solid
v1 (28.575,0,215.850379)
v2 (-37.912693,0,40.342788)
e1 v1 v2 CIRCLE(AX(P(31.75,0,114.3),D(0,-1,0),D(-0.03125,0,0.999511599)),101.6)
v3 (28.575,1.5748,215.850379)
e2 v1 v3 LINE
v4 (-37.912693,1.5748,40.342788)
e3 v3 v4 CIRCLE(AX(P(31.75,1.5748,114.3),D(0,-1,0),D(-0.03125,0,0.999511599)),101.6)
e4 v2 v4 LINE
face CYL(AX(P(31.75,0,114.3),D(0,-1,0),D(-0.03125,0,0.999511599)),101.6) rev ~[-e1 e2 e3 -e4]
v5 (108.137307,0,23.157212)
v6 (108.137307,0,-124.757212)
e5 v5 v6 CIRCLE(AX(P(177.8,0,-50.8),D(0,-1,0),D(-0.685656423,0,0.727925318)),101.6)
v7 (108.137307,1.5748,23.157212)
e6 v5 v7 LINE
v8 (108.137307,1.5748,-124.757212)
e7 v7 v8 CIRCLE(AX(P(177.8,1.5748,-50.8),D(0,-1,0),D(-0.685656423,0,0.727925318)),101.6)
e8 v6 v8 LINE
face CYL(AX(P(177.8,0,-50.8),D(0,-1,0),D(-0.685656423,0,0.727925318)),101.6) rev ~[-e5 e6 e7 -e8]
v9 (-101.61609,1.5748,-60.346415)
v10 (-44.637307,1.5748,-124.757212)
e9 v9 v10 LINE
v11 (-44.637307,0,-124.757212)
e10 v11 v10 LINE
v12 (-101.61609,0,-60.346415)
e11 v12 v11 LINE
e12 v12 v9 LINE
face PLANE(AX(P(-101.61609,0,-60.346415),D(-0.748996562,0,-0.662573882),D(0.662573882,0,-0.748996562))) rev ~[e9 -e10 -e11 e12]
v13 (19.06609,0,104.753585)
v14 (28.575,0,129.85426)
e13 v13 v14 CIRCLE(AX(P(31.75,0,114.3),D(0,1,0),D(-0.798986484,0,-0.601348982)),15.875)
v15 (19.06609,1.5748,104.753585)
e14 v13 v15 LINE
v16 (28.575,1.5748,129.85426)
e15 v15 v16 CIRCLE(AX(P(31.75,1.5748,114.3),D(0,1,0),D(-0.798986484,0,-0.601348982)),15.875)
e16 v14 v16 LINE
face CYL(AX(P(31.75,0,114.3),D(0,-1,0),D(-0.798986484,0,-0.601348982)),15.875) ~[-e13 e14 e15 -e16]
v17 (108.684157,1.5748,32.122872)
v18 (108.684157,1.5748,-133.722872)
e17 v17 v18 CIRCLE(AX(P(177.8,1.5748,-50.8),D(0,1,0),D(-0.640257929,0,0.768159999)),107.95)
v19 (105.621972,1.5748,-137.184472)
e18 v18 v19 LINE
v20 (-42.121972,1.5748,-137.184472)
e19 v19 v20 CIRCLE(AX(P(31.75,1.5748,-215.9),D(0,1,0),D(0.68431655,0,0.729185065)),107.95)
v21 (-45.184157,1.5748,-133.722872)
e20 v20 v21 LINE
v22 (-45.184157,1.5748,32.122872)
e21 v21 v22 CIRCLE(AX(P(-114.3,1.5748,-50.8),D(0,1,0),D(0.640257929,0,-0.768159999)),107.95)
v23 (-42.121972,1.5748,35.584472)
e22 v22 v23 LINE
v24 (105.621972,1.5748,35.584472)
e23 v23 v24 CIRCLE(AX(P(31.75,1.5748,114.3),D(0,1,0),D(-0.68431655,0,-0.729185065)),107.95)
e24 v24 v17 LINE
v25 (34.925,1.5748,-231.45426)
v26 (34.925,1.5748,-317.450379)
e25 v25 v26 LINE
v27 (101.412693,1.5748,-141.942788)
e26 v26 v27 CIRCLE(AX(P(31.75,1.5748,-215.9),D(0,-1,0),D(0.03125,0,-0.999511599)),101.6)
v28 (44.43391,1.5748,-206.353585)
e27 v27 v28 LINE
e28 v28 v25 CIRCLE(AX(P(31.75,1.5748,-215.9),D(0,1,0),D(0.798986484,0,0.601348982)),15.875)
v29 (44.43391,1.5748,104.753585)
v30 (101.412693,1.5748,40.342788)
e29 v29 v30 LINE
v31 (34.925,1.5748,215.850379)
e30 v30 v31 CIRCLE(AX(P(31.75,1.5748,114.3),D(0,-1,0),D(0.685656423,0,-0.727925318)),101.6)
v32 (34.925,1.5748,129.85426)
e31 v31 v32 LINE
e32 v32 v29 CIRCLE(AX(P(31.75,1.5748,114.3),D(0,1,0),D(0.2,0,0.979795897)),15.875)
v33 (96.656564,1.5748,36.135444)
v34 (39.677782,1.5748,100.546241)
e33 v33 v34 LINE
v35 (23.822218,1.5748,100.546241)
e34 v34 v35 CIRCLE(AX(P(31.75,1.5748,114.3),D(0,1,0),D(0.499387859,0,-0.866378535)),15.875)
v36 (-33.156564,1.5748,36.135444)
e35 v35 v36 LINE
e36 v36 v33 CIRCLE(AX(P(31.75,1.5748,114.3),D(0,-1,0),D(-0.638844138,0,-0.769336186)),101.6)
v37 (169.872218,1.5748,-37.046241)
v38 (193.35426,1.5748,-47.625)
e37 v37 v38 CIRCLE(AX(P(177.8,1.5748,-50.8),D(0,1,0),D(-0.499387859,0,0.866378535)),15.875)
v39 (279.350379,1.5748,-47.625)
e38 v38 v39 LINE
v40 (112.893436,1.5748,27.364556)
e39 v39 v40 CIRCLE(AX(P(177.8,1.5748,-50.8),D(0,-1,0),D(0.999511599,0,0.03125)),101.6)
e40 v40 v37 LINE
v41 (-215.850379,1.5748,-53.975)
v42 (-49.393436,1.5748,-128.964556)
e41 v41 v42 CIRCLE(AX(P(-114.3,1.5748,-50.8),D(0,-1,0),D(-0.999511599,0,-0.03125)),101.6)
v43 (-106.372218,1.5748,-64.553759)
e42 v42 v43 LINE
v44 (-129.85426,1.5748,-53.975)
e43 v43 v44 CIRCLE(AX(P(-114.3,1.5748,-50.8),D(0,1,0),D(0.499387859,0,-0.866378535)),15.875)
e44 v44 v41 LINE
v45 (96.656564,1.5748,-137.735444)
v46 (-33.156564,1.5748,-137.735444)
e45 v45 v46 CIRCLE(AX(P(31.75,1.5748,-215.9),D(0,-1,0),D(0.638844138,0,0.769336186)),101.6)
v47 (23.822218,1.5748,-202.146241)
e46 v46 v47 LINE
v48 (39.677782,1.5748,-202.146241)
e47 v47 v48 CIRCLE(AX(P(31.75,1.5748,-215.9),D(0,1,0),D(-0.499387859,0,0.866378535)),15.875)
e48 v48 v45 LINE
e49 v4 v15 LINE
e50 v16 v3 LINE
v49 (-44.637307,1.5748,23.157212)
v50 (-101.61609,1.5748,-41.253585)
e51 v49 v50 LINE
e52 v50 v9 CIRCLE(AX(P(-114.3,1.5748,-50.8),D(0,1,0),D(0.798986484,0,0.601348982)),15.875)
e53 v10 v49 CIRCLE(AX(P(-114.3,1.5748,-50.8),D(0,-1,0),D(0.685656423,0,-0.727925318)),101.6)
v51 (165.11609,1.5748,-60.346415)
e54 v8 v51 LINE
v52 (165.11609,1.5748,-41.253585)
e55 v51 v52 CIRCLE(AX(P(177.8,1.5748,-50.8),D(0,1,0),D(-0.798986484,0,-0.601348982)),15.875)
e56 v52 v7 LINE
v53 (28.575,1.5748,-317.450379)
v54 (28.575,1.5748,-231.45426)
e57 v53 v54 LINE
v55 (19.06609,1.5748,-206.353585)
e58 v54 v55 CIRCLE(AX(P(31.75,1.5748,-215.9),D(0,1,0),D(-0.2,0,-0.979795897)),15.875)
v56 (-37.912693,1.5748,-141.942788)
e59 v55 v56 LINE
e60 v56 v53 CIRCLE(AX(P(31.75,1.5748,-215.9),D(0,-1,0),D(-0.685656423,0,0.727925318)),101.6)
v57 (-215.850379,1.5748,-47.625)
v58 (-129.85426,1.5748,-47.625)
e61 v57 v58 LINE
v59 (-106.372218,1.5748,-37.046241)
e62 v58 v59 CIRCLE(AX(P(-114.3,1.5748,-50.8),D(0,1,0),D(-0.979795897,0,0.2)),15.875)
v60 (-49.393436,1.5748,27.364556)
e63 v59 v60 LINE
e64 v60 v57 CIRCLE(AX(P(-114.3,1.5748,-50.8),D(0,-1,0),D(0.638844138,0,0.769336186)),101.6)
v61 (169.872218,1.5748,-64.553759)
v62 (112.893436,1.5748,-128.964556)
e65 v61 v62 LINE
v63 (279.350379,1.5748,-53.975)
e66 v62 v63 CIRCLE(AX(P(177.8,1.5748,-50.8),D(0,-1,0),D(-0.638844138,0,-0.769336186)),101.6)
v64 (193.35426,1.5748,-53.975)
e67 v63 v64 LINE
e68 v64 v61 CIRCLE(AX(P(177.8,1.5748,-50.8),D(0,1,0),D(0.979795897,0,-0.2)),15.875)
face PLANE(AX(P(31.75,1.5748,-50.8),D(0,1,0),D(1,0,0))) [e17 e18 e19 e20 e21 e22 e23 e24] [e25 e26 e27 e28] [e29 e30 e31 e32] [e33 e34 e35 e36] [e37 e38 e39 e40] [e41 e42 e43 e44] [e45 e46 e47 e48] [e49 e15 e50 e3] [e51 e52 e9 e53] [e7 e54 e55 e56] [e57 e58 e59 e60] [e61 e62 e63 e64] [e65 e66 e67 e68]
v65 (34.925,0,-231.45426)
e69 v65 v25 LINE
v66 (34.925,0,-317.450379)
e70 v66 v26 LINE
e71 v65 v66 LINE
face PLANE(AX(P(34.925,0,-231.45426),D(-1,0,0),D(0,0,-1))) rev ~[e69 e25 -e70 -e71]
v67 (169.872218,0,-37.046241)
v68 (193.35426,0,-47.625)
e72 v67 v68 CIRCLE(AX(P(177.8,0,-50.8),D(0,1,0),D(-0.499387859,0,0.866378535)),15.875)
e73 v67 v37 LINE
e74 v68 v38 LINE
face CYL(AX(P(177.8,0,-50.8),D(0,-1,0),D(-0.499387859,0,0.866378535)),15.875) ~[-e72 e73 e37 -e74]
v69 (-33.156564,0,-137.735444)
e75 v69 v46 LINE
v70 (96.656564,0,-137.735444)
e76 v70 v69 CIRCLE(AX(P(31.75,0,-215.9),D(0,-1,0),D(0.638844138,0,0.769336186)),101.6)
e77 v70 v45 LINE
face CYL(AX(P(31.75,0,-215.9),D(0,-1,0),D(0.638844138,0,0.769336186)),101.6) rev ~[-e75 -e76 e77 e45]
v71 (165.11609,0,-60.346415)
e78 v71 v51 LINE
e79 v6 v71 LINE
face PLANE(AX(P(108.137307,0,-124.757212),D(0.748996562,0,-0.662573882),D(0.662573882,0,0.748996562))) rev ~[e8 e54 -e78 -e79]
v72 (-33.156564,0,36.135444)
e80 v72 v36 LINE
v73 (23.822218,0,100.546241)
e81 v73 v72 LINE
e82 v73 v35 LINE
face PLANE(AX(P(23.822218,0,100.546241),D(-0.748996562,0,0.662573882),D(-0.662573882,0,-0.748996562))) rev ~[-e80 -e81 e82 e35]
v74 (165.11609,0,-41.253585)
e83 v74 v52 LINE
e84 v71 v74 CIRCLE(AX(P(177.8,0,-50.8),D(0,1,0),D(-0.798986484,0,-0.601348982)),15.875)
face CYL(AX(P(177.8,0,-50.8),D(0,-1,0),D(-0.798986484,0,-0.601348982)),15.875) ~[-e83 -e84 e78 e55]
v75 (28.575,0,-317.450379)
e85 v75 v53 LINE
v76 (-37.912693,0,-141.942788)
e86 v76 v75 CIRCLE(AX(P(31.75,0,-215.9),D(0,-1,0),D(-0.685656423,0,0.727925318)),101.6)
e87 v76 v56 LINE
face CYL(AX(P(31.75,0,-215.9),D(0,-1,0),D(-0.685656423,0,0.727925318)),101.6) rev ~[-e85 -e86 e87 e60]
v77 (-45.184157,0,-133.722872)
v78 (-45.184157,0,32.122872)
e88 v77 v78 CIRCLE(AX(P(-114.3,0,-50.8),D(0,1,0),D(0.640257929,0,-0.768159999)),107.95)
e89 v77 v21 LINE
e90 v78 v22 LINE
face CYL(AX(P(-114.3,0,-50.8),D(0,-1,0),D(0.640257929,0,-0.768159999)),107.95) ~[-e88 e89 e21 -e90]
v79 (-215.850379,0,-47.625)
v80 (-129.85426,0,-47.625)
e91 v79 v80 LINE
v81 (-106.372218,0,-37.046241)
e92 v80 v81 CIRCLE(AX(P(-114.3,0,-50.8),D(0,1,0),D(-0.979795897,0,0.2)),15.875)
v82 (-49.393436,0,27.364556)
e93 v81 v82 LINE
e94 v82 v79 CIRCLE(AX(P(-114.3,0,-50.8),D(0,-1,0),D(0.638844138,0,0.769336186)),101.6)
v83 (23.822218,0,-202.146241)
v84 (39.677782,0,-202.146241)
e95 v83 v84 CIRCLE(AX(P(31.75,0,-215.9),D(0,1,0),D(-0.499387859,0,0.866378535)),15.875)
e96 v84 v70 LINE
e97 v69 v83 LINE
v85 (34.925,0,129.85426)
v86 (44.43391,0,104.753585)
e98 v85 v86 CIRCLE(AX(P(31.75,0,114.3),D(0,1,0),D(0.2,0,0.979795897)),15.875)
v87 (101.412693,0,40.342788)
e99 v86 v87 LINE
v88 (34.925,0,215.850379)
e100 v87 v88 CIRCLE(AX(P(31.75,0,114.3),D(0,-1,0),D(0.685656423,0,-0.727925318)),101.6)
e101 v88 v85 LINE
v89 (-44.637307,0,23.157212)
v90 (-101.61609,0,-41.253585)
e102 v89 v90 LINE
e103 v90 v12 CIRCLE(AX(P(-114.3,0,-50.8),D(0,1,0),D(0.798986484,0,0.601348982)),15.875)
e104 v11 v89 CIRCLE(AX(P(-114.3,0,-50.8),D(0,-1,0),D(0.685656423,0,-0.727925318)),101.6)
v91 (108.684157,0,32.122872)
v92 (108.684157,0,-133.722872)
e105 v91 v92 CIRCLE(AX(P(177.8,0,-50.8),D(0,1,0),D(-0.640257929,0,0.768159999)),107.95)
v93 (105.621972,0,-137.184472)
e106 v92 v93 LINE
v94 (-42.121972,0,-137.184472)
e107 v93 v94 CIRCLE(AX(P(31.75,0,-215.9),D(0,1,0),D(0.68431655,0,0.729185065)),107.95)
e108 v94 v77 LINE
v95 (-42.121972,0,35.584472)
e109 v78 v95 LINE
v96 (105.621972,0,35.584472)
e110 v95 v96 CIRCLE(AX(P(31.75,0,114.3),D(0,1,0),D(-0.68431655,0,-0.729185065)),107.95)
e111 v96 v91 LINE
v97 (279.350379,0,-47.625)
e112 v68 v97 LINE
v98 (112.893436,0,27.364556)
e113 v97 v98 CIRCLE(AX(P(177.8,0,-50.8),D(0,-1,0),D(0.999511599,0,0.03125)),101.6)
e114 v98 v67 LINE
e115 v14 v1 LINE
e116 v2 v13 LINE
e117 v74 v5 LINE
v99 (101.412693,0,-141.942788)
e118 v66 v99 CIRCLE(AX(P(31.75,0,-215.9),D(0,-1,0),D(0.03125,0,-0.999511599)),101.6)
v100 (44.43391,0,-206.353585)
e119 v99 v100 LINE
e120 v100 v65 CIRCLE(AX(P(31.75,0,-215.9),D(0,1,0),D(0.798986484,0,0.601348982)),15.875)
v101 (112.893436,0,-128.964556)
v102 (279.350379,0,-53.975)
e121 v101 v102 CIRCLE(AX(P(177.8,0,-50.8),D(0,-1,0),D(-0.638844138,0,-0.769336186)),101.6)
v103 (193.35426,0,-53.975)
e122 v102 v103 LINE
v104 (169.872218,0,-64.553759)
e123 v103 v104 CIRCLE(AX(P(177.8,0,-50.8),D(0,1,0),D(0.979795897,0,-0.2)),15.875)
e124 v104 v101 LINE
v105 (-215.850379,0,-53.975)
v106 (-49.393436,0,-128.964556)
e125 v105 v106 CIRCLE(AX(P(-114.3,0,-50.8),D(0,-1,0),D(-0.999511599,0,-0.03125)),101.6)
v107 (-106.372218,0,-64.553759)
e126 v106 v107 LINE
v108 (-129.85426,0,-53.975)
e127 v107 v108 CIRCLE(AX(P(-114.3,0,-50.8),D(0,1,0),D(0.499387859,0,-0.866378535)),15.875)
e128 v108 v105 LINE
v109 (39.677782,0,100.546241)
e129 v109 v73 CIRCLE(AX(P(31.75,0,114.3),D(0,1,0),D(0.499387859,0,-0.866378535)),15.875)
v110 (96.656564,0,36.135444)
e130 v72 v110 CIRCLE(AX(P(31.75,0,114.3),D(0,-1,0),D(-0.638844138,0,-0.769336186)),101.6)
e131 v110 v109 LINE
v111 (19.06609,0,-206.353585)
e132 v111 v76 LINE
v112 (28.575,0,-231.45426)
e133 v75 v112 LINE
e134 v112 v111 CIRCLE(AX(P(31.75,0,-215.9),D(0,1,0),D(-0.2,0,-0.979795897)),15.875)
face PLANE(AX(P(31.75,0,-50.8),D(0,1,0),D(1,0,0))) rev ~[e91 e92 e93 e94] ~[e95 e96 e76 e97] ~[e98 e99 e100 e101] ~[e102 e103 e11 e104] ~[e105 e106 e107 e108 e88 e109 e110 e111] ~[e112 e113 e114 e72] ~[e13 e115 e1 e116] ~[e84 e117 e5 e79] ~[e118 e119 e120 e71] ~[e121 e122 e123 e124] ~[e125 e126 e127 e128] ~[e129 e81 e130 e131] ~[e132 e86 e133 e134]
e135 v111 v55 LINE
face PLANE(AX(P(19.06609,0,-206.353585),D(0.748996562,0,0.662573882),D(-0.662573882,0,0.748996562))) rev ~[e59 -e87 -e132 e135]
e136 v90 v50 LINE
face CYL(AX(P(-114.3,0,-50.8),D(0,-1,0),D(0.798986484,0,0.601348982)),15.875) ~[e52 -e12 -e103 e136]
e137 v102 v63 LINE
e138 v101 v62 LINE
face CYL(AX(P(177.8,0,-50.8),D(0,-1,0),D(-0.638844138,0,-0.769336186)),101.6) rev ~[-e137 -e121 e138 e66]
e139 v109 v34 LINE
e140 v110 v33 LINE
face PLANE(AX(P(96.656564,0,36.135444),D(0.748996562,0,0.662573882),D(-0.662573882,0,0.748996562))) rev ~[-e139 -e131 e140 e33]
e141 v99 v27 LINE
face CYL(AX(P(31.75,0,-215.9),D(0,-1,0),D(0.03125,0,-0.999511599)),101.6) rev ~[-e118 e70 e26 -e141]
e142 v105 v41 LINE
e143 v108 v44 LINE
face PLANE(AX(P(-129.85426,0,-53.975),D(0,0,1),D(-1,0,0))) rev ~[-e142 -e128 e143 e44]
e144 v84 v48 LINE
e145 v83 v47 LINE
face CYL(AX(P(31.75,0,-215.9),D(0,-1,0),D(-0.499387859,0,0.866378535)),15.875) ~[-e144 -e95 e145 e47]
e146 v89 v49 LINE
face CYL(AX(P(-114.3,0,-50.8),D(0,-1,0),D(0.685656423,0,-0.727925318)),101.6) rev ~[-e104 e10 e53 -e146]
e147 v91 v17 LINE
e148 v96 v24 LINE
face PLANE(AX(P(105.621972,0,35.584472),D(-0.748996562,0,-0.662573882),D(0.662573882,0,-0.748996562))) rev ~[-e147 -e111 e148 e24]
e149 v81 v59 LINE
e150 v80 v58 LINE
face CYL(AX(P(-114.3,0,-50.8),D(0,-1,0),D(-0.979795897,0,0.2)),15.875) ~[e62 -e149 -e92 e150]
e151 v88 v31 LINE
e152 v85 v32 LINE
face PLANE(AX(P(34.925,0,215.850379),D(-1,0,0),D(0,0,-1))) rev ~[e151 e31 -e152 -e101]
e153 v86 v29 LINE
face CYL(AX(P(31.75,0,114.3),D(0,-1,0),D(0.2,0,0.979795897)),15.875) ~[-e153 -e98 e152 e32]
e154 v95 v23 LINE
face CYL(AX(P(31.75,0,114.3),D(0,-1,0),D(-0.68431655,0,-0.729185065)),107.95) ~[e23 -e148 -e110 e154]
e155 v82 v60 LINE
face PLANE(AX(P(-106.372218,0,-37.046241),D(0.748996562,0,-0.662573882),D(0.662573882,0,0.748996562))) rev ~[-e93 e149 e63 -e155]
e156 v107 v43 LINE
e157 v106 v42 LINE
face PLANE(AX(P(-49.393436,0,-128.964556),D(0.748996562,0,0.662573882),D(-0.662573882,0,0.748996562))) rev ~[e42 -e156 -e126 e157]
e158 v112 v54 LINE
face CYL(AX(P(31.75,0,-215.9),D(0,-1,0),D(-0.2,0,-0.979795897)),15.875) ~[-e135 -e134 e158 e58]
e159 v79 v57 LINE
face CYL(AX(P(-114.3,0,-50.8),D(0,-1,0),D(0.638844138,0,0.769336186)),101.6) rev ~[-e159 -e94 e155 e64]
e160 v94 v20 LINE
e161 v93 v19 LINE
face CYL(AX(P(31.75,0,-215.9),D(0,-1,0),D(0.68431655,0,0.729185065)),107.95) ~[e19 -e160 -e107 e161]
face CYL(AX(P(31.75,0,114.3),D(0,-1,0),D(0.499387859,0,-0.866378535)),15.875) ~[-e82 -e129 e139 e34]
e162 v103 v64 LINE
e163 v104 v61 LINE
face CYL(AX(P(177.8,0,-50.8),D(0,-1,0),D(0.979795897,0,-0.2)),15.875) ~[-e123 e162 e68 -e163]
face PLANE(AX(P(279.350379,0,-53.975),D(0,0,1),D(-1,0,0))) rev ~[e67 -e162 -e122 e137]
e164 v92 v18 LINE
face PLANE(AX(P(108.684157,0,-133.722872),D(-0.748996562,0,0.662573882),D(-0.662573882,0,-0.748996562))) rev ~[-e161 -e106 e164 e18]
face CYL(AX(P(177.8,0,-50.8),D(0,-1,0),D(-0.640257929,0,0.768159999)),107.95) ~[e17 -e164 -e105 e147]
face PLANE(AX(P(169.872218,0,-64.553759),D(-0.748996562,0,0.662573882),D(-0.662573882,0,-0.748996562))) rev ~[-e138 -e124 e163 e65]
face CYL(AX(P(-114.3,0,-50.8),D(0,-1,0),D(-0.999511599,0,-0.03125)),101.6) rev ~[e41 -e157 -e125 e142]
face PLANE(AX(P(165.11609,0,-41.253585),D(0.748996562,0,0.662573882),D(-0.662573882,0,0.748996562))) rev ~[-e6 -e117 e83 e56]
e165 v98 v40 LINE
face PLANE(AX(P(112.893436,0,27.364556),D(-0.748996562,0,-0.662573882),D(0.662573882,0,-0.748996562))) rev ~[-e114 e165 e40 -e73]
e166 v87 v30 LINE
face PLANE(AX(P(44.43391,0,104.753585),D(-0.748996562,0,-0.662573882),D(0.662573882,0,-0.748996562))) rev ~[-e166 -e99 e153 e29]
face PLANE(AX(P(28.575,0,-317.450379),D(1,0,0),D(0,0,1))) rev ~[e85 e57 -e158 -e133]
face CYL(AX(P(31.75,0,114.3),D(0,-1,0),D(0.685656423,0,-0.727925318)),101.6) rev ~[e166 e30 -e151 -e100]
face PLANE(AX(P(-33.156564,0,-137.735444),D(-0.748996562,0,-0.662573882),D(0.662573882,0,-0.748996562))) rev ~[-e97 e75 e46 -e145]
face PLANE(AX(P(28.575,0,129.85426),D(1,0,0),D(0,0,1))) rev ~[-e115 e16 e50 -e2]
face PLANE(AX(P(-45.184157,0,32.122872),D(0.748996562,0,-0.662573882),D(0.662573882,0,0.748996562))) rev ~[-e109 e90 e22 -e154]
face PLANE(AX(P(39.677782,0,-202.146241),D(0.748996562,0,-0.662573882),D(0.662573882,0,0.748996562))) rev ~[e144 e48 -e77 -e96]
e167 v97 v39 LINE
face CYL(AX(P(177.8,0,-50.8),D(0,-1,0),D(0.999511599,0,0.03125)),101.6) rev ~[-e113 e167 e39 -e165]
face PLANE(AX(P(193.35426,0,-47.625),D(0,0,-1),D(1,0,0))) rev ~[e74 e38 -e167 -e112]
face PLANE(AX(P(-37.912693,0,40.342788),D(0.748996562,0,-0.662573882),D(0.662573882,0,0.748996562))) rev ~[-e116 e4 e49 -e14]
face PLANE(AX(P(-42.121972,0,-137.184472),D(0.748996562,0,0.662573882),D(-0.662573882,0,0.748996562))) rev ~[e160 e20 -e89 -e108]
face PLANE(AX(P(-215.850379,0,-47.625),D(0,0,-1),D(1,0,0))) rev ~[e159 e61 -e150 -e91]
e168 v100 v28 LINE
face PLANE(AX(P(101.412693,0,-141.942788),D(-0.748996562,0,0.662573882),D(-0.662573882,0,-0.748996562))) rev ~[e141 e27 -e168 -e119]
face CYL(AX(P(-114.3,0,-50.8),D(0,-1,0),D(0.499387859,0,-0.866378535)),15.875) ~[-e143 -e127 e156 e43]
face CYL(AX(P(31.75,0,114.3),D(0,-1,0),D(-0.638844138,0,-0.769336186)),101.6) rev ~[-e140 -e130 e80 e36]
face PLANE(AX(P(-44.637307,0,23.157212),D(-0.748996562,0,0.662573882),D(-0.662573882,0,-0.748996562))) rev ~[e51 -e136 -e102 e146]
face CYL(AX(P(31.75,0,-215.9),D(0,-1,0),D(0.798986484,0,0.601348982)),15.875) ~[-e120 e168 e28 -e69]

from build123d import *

# Parameters (mm, degrees)
BOSS_EXTRUDE2_DEPTH = 1.5748


with BuildPart() as part:
    # Sketch1 → Boss-Extrude2 (new body)
    with BuildSketch(Plane(origin=(0, 0, 0), x_dir=(1, 0, 0), z_dir=(0, 1, 0))):
        with BuildLine():
            ThreePointArc((105.621971622, 137.184472252), (31.75, 323.85), (-42.121971622, 137.184472252))
            Line((-42.121971622, 137.184472252), (-45.184156549, 133.7228719))
            ThreePointArc((-45.184156549, 133.7228719), (-222.25, 50.8), (-45.184156549, -32.1228719))
            Line((-45.184156549, -32.1228719), (-42.121971622, -35.584472252))
            ThreePointArc((-42.121971622, -35.584472252), (31.75, -222.25), (105.621971622, -35.584472252))
            Line((105.621971622, -35.584472252), (108.684156549, -32.1228719))
            ThreePointArc((108.684156549, -32.1228719), (285.75, 50.8), (108.684156549, 133.7228719))
            Line((108.684156549, 133.7228719), (105.621971622, 137.184472252))
        make_face()
        with BuildLine():
            ThreePointArc((19.066089569, -104.753584904), (16.904555213, -119.923912703), (28.575, -129.854259867))
            Line((28.575, -129.854259867), (28.575, -215.850378507))
            ThreePointArc((28.575, -215.850378507), (-63.260846634, -150.293041299), (-37.912692613, -40.342787654))
            Line((-37.912692613, -40.342787654), (19.066089569, -104.753584904))
        make_face(mode=Mode.SUBTRACT)
        with BuildLine():
            Line((-215.850378507, 47.625), (-129.854259867, 47.625))
            ThreePointArc((-129.854259867, 47.625), (-120.820607869, 36.325978513), (-106.372217741, 37.046240752))
            Line((-106.372217741, 37.046240752), (-49.393435559, -27.364556498))
            ThreePointArc((-49.393435559, -27.364556498), (-156.031890363, -41.833737519), (-215.850378507, 47.625))
        make_face(mode=Mode.SUBTRACT)
        with BuildLine():
            Line((-101.616089569, 60.346415096), (-44.637307387, 124.757212346))
            ThreePointArc((-44.637307387, 124.757212346), (-12.7, 50.8), (-44.637307387, -23.157212346))
            Line((-44.637307387, -23.157212346), (-101.616089569, 41.253584904))
            ThreePointArc((-101.616089569, 41.253584904), (-98.425, 50.8), (-101.616089569, 60.346415096))
        make_face(mode=Mode.SUBTRACT)
        with BuildLine():
            Line((44.433910431, -104.753584904), (101.412692613, -40.342787654))
            ThreePointArc((101.412692613, -40.342787654), (126.760846634, -150.293041299), (34.925, -215.850378507))
            Line((34.925, -215.850378507), (34.925, -129.854259867))
            ThreePointArc((34.925, -129.854259867), (46.595444787, -119.923912703), (44.433910431, -104.753584904))
        make_face(mode=Mode.SUBTRACT)
        with BuildLine():
            ThreePointArc((-33.156564441, -36.135443502), (31.75, -12.7), (96.656564441, -36.135443502))
            Line((96.656564441, -36.135443502), (39.677782259, -100.546240752))
            ThreePointArc((39.677782259, -100.546240752), (31.75, -98.425), (23.822217741, -100.546240752))
            Line((23.822217741, -100.546240752), (-33.156564441, -36.135443502))
        make_face(mode=Mode.SUBTRACT)
        with BuildLine():
            ThreePointArc((108.137307387, -23.157212346), (76.2, 50.8), (108.137307387, 124.757212346))
            Line((108.137307387, 124.757212346), (165.116089569, 60.346415096))
            ThreePointArc((165.116089569, 60.346415096), (161.925, 50.8), (165.116089569, 41.253584904))
            Line((165.116089569, 41.253584904), (108.137307387, -23.157212346))
        make_face(mode=Mode.SUBTRACT)
        with BuildLine():
            ThreePointArc((169.872217741, 37.046240752), (184.320607869, 36.325978513), (193.354259867, 47.625))
            Line((193.354259867, 47.625), (279.350378507, 47.625))
            ThreePointArc((279.350378507, 47.625), (219.531890363, -41.833737519), (112.893435559, -27.364556498))
            Line((112.893435559, -27.364556498), (169.872217741, 37.046240752))
        make_face(mode=Mode.SUBTRACT)
        with BuildLine():
            ThreePointArc((-215.850378507, 53.975), (-156.031890363, 143.433737519), (-49.393435559, 128.964556498))
            Line((-49.393435559, 128.964556498), (-106.372217741, 64.553759248))
            ThreePointArc((-106.372217741, 64.553759248), (-120.820607869, 65.274021487), (-129.854259867, 53.975))
            Line((-129.854259867, 53.975), (-215.850378507, 53.975))
        make_face(mode=Mode.SUBTRACT)
        with BuildLine():
            Line((28.575, 317.450378507), (28.575, 231.454259867))
            ThreePointArc((28.575, 231.454259867), (16.904555213, 221.523912703), (19.066089569, 206.353584904))
            Line((19.066089569, 206.353584904), (-37.912692613, 141.942787654))
            ThreePointArc((-37.912692613, 141.942787654), (-63.260846634, 251.893041299), (28.575, 317.450378507))
        make_face(mode=Mode.SUBTRACT)
        with BuildLine():
            Line((-33.156564441, 137.735443502), (23.822217741, 202.146240752))
            ThreePointArc((23.822217741, 202.146240752), (31.75, 200.025), (39.677782259, 202.146240752))
            Line((39.677782259, 202.146240752), (96.656564441, 137.735443502))
            ThreePointArc((96.656564441, 137.735443502), (31.75, 114.3), (-33.156564441, 137.735443502))
        make_face(mode=Mode.SUBTRACT)
        with BuildLine():
            Line((279.350378507, 53.975), (193.354259867, 53.975))
            ThreePointArc((193.354259867, 53.975), (184.320607869, 65.274021487), (169.872217741, 64.553759248))
            Line((169.872217741, 64.553759248), (112.893435559, 128.964556498))
            ThreePointArc((112.893435559, 128.964556498), (219.531890363, 143.433737519), (279.350378507, 53.975))
        make_face(mode=Mode.SUBTRACT)
        with BuildLine():
            ThreePointArc((44.433910431, 206.353584904), (46.595444787, 221.523912703), (34.925, 231.454259867))
            Line((34.925, 231.454259867), (34.925, 317.450378507))
            ThreePointArc((34.925, 317.450378507), (126.760846634, 251.893041299), (101.412692613, 141.942787654))
            Line((101.412692613, 141.942787654), (44.433910431, 206.353584904))
        make_face(mode=Mode.SUBTRACT)
    extrude(amount=BOSS_EXTRUDE2_DEPTH)


solid = part.part
